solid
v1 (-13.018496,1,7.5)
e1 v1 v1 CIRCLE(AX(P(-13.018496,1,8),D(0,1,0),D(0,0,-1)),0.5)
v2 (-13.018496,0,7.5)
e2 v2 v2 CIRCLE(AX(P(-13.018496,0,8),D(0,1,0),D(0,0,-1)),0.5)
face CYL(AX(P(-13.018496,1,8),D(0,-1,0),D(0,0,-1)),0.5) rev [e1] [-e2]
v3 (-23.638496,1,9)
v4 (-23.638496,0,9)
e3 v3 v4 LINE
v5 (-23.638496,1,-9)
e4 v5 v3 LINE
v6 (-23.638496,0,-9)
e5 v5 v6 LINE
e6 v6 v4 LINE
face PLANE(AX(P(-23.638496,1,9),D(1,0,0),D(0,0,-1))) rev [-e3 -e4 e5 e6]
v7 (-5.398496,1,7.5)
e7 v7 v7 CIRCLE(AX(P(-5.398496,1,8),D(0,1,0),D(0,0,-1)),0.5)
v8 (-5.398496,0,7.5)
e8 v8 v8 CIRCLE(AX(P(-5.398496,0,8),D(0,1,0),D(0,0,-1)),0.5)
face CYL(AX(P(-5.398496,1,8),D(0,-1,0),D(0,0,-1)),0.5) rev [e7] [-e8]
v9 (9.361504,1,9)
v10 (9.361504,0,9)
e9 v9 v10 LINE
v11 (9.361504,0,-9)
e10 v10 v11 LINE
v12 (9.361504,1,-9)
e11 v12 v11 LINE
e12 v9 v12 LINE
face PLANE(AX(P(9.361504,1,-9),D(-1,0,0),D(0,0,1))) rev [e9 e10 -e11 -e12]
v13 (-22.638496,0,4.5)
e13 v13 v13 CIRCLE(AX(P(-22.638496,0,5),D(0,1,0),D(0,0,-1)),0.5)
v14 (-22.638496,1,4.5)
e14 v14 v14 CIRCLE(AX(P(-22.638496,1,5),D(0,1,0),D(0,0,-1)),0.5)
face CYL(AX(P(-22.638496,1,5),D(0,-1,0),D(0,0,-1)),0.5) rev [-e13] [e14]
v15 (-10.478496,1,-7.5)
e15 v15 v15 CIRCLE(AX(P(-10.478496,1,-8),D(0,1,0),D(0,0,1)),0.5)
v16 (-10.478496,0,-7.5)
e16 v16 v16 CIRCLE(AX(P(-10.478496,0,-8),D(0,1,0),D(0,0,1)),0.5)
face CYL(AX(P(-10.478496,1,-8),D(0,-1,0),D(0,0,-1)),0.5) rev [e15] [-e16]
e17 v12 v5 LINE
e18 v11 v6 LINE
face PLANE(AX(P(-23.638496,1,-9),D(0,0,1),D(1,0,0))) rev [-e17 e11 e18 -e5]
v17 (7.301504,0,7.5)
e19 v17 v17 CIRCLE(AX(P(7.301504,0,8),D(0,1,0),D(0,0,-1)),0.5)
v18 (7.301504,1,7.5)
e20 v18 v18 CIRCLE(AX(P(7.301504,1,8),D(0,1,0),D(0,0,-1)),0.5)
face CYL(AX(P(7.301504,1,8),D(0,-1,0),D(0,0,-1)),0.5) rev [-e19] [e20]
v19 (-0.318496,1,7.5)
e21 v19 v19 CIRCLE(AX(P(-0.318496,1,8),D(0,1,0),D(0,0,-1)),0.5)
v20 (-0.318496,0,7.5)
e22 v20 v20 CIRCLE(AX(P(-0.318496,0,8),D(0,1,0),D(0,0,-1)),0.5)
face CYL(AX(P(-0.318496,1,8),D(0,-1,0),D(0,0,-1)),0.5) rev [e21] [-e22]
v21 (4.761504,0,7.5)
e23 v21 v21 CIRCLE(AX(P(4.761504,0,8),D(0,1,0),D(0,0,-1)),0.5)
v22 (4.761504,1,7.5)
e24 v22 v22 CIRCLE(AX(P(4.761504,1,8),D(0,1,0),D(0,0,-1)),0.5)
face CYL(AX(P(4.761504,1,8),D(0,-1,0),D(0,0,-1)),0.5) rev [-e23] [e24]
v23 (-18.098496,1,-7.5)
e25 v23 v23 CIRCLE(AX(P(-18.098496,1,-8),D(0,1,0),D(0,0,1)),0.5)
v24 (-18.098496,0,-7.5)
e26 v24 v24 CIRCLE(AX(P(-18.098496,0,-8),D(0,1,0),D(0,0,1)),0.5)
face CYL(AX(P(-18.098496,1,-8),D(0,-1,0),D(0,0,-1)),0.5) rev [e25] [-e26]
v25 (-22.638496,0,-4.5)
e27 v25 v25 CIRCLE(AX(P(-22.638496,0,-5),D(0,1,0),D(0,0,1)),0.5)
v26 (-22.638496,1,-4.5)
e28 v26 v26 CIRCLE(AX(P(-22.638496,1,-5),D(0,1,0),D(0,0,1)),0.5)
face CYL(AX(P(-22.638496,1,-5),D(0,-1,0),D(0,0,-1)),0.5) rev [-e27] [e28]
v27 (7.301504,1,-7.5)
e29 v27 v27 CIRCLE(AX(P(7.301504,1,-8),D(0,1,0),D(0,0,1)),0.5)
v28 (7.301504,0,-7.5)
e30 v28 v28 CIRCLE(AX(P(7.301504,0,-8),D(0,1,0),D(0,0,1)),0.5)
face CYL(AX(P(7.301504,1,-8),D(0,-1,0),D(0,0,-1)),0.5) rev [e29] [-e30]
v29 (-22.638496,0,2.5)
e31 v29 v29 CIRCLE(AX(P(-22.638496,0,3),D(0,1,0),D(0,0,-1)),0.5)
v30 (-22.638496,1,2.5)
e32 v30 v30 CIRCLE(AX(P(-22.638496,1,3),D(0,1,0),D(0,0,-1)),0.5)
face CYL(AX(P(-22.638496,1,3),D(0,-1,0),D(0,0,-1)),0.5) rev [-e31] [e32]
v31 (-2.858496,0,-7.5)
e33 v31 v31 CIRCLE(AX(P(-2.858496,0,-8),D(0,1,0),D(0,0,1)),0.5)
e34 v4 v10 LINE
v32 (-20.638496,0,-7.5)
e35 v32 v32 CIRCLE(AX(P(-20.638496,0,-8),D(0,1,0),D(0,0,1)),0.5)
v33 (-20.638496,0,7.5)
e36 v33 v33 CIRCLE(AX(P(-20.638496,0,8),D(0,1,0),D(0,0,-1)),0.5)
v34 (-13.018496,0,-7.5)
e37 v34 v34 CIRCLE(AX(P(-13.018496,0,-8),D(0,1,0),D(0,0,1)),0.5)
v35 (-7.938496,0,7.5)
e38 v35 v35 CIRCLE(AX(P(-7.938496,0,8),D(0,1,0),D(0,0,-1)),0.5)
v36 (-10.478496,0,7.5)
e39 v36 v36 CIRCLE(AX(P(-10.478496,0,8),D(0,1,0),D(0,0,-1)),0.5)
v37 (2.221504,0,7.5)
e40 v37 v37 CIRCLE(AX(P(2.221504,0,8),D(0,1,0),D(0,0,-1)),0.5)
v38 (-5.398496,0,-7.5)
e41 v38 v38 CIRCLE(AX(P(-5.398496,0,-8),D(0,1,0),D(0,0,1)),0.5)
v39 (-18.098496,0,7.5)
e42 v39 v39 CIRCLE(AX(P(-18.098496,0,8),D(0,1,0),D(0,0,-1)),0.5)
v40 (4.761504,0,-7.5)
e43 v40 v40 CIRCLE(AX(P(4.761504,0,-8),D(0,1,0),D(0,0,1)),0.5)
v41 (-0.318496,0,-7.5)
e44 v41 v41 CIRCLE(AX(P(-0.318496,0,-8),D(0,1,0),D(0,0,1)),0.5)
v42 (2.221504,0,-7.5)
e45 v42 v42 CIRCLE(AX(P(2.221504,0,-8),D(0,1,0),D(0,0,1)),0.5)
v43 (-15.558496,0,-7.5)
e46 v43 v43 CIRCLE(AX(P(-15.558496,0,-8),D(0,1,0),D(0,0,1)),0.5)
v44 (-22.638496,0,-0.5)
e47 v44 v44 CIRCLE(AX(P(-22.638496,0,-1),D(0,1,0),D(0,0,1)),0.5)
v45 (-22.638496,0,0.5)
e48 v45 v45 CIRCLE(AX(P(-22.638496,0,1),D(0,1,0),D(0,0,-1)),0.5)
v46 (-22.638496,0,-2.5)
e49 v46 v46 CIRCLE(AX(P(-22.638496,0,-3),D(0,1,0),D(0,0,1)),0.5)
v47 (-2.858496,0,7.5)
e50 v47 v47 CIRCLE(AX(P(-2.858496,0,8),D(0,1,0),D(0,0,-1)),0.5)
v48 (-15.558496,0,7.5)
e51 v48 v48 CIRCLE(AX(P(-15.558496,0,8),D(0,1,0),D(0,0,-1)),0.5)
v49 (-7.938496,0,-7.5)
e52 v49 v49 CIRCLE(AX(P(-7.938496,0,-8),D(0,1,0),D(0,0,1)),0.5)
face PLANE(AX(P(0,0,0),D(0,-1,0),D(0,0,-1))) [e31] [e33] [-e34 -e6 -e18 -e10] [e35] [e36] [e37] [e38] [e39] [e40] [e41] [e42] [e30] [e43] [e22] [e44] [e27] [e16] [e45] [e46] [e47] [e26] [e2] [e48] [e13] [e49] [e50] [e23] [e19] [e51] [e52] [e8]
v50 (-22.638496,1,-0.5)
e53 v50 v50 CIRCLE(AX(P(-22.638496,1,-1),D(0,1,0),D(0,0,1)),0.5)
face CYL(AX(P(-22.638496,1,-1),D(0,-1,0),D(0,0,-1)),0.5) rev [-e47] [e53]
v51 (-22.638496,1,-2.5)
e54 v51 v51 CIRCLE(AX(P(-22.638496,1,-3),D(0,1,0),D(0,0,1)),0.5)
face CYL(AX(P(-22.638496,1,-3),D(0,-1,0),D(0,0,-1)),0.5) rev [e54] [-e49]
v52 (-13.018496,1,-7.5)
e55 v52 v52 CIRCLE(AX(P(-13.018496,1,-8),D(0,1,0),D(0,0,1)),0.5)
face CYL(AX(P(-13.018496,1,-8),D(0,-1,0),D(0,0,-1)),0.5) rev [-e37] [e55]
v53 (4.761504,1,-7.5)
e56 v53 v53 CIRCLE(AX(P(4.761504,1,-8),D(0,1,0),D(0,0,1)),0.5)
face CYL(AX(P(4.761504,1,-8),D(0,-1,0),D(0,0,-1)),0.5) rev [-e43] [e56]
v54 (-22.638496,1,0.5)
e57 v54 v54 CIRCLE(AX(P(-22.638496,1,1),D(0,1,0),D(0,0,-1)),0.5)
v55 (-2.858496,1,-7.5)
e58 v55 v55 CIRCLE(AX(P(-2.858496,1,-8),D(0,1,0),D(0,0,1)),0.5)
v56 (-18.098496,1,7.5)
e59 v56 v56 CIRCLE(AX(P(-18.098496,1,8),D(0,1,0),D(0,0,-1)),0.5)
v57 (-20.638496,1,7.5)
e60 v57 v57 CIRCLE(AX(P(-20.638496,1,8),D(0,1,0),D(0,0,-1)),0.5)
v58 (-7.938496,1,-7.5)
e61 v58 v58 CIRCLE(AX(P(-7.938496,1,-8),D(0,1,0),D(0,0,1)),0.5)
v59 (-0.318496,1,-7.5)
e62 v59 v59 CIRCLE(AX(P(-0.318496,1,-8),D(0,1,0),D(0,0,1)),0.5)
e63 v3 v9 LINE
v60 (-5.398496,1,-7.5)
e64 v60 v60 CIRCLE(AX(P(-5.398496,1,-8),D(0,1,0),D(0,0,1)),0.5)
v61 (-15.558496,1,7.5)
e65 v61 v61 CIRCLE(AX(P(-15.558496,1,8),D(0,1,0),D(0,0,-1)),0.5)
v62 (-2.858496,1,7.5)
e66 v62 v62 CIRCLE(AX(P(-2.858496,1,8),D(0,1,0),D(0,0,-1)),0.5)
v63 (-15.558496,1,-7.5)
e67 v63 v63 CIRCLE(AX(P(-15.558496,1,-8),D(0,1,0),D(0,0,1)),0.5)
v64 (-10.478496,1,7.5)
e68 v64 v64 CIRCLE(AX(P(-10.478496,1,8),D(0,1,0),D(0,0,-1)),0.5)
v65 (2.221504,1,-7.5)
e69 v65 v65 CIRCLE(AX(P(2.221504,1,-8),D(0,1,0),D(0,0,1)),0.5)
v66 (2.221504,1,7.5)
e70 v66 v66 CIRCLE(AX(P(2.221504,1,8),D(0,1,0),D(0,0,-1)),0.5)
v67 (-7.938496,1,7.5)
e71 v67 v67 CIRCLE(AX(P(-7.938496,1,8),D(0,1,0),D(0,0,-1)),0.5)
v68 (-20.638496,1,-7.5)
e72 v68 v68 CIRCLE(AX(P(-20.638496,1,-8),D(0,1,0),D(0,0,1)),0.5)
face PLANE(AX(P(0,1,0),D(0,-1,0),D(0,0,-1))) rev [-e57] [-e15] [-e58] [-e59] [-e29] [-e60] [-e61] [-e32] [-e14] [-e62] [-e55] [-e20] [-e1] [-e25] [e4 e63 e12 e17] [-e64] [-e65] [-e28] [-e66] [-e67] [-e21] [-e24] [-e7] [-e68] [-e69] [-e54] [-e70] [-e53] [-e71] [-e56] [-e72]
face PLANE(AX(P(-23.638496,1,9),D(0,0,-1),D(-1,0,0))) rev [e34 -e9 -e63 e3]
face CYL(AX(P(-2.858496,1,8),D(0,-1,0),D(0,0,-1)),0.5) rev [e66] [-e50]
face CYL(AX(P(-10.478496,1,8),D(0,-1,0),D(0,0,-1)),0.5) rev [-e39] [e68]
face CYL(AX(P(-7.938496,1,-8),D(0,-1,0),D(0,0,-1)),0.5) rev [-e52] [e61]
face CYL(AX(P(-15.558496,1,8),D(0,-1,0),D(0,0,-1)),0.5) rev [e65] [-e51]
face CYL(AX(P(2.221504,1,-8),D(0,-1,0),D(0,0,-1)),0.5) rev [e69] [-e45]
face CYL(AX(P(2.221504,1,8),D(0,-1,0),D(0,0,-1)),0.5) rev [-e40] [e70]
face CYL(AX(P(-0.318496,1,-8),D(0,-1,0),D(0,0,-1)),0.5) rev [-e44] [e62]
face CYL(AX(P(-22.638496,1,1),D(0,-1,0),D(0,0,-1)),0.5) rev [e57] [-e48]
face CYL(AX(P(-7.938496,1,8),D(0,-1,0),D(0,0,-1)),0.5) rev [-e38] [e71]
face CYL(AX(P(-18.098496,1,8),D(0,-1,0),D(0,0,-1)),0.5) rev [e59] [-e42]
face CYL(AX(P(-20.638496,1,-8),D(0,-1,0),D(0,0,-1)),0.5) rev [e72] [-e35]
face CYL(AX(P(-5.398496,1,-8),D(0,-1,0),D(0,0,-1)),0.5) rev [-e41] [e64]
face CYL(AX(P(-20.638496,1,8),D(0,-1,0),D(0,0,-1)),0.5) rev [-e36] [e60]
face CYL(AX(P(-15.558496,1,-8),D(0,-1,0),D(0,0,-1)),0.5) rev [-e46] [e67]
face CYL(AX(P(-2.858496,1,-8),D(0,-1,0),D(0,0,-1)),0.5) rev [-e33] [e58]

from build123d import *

# Parameters (mm, degrees)
CROQUIS1_W              = 33
CROQUIS1_H              = 18
CROQUIS1_R              = 0.5
SALIENTE_EXTRUIR1_DEPTH = 1


with BuildPart() as part:
    # Croquis1 → Saliente-Extruir1 (new body)
    with BuildSketch(Plane(origin=(0, 0, 0), x_dir=(1, 0, 0), z_dir=(0, 1, 0))):
        with Locations((-7.138495914, 0)):
            Rectangle(CROQUIS1_W, CROQUIS1_H)
        with Locations((-22.638495914, 1)):
            Circle(CROQUIS1_R, mode=Mode.SUBTRACT)
        with Locations((-22.638495914, 3)):
            Circle(CROQUIS1_R, mode=Mode.SUBTRACT)
        with Locations((-22.638495914, 5)):
            Circle(CROQUIS1_R, mode=Mode.SUBTRACT)
        with Locations((-20.638495914, 8)):
            Circle(CROQUIS1_R, mode=Mode.SUBTRACT)
        with Locations((-18.098495914, 8)):
            Circle(CROQUIS1_R, mode=Mode.SUBTRACT)
        with Locations((-15.558495914, 8)):
            Circle(CROQUIS1_R, mode=Mode.SUBTRACT)
        with Locations((-13.018495914, 8)):
            Circle(CROQUIS1_R, mode=Mode.SUBTRACT)
        with Locations((-10.478495914, 8)):
            Circle(CROQUIS1_R, mode=Mode.SUBTRACT)
        with Locations((-7.938495914, 8)):
            Circle(CROQUIS1_R, mode=Mode.SUBTRACT)
        with Locations((-5.398495914, 8)):
            Circle(CROQUIS1_R, mode=Mode.SUBTRACT)
        with Locations((-2.858495914, 8)):
            Circle(CROQUIS1_R, mode=Mode.SUBTRACT)
        with Locations((-0.318495914, 8)):
            Circle(CROQUIS1_R, mode=Mode.SUBTRACT)
        with Locations((2.221504086, 8)):
            Circle(CROQUIS1_R, mode=Mode.SUBTRACT)
        with Locations((4.761504086, 8)):
            Circle(CROQUIS1_R, mode=Mode.SUBTRACT)
        with Locations((7.301504086, 8)):
            Circle(CROQUIS1_R, mode=Mode.SUBTRACT)
        with Locations((7.301504086, -8)):
            Circle(CROQUIS1_R, mode=Mode.SUBTRACT)
        with Locations((4.761504086, -8)):
            Circle(CROQUIS1_R, mode=Mode.SUBTRACT)
        with Locations((2.221504086, -8)):
            Circle(CROQUIS1_R, mode=Mode.SUBTRACT)
        with Locations((-0.318495914, -8)):
            Circle(CROQUIS1_R, mode=Mode.SUBTRACT)
        with Locations((-2.858495914, -8)):
            Circle(CROQUIS1_R, mode=Mode.SUBTRACT)
        with Locations((-5.398495914, -8)):
            Circle(CROQUIS1_R, mode=Mode.SUBTRACT)
        with Locations((-7.938495914, -8)):
            Circle(CROQUIS1_R, mode=Mode.SUBTRACT)
        with Locations((-10.478495914, -8)):
            Circle(CROQUIS1_R, mode=Mode.SUBTRACT)
        with Locations((-13.018495914, -8)):
            Circle(CROQUIS1_R, mode=Mode.SUBTRACT)
        with Locations((-15.558495914, -8)):
            Circle(CROQUIS1_R, mode=Mode.SUBTRACT)
        with Locations((-18.098495914, -8)):
            Circle(CROQUIS1_R, mode=Mode.SUBTRACT)
        with Locations((-20.638495914, -8)):
            Circle(CROQUIS1_R, mode=Mode.SUBTRACT)
        with Locations((-22.638495914, -5)):
            Circle(CROQUIS1_R, mode=Mode.SUBTRACT)
        with Locations((-22.638495914, -3)):
            Circle(CROQUIS1_R, mode=Mode.SUBTRACT)
        with Locations((-22.638495914, -1)):
            Circle(CROQUIS1_R, mode=Mode.SUBTRACT)
    extrude(amount=SALIENTE_EXTRUIR1_DEPTH)


solid = part.part
